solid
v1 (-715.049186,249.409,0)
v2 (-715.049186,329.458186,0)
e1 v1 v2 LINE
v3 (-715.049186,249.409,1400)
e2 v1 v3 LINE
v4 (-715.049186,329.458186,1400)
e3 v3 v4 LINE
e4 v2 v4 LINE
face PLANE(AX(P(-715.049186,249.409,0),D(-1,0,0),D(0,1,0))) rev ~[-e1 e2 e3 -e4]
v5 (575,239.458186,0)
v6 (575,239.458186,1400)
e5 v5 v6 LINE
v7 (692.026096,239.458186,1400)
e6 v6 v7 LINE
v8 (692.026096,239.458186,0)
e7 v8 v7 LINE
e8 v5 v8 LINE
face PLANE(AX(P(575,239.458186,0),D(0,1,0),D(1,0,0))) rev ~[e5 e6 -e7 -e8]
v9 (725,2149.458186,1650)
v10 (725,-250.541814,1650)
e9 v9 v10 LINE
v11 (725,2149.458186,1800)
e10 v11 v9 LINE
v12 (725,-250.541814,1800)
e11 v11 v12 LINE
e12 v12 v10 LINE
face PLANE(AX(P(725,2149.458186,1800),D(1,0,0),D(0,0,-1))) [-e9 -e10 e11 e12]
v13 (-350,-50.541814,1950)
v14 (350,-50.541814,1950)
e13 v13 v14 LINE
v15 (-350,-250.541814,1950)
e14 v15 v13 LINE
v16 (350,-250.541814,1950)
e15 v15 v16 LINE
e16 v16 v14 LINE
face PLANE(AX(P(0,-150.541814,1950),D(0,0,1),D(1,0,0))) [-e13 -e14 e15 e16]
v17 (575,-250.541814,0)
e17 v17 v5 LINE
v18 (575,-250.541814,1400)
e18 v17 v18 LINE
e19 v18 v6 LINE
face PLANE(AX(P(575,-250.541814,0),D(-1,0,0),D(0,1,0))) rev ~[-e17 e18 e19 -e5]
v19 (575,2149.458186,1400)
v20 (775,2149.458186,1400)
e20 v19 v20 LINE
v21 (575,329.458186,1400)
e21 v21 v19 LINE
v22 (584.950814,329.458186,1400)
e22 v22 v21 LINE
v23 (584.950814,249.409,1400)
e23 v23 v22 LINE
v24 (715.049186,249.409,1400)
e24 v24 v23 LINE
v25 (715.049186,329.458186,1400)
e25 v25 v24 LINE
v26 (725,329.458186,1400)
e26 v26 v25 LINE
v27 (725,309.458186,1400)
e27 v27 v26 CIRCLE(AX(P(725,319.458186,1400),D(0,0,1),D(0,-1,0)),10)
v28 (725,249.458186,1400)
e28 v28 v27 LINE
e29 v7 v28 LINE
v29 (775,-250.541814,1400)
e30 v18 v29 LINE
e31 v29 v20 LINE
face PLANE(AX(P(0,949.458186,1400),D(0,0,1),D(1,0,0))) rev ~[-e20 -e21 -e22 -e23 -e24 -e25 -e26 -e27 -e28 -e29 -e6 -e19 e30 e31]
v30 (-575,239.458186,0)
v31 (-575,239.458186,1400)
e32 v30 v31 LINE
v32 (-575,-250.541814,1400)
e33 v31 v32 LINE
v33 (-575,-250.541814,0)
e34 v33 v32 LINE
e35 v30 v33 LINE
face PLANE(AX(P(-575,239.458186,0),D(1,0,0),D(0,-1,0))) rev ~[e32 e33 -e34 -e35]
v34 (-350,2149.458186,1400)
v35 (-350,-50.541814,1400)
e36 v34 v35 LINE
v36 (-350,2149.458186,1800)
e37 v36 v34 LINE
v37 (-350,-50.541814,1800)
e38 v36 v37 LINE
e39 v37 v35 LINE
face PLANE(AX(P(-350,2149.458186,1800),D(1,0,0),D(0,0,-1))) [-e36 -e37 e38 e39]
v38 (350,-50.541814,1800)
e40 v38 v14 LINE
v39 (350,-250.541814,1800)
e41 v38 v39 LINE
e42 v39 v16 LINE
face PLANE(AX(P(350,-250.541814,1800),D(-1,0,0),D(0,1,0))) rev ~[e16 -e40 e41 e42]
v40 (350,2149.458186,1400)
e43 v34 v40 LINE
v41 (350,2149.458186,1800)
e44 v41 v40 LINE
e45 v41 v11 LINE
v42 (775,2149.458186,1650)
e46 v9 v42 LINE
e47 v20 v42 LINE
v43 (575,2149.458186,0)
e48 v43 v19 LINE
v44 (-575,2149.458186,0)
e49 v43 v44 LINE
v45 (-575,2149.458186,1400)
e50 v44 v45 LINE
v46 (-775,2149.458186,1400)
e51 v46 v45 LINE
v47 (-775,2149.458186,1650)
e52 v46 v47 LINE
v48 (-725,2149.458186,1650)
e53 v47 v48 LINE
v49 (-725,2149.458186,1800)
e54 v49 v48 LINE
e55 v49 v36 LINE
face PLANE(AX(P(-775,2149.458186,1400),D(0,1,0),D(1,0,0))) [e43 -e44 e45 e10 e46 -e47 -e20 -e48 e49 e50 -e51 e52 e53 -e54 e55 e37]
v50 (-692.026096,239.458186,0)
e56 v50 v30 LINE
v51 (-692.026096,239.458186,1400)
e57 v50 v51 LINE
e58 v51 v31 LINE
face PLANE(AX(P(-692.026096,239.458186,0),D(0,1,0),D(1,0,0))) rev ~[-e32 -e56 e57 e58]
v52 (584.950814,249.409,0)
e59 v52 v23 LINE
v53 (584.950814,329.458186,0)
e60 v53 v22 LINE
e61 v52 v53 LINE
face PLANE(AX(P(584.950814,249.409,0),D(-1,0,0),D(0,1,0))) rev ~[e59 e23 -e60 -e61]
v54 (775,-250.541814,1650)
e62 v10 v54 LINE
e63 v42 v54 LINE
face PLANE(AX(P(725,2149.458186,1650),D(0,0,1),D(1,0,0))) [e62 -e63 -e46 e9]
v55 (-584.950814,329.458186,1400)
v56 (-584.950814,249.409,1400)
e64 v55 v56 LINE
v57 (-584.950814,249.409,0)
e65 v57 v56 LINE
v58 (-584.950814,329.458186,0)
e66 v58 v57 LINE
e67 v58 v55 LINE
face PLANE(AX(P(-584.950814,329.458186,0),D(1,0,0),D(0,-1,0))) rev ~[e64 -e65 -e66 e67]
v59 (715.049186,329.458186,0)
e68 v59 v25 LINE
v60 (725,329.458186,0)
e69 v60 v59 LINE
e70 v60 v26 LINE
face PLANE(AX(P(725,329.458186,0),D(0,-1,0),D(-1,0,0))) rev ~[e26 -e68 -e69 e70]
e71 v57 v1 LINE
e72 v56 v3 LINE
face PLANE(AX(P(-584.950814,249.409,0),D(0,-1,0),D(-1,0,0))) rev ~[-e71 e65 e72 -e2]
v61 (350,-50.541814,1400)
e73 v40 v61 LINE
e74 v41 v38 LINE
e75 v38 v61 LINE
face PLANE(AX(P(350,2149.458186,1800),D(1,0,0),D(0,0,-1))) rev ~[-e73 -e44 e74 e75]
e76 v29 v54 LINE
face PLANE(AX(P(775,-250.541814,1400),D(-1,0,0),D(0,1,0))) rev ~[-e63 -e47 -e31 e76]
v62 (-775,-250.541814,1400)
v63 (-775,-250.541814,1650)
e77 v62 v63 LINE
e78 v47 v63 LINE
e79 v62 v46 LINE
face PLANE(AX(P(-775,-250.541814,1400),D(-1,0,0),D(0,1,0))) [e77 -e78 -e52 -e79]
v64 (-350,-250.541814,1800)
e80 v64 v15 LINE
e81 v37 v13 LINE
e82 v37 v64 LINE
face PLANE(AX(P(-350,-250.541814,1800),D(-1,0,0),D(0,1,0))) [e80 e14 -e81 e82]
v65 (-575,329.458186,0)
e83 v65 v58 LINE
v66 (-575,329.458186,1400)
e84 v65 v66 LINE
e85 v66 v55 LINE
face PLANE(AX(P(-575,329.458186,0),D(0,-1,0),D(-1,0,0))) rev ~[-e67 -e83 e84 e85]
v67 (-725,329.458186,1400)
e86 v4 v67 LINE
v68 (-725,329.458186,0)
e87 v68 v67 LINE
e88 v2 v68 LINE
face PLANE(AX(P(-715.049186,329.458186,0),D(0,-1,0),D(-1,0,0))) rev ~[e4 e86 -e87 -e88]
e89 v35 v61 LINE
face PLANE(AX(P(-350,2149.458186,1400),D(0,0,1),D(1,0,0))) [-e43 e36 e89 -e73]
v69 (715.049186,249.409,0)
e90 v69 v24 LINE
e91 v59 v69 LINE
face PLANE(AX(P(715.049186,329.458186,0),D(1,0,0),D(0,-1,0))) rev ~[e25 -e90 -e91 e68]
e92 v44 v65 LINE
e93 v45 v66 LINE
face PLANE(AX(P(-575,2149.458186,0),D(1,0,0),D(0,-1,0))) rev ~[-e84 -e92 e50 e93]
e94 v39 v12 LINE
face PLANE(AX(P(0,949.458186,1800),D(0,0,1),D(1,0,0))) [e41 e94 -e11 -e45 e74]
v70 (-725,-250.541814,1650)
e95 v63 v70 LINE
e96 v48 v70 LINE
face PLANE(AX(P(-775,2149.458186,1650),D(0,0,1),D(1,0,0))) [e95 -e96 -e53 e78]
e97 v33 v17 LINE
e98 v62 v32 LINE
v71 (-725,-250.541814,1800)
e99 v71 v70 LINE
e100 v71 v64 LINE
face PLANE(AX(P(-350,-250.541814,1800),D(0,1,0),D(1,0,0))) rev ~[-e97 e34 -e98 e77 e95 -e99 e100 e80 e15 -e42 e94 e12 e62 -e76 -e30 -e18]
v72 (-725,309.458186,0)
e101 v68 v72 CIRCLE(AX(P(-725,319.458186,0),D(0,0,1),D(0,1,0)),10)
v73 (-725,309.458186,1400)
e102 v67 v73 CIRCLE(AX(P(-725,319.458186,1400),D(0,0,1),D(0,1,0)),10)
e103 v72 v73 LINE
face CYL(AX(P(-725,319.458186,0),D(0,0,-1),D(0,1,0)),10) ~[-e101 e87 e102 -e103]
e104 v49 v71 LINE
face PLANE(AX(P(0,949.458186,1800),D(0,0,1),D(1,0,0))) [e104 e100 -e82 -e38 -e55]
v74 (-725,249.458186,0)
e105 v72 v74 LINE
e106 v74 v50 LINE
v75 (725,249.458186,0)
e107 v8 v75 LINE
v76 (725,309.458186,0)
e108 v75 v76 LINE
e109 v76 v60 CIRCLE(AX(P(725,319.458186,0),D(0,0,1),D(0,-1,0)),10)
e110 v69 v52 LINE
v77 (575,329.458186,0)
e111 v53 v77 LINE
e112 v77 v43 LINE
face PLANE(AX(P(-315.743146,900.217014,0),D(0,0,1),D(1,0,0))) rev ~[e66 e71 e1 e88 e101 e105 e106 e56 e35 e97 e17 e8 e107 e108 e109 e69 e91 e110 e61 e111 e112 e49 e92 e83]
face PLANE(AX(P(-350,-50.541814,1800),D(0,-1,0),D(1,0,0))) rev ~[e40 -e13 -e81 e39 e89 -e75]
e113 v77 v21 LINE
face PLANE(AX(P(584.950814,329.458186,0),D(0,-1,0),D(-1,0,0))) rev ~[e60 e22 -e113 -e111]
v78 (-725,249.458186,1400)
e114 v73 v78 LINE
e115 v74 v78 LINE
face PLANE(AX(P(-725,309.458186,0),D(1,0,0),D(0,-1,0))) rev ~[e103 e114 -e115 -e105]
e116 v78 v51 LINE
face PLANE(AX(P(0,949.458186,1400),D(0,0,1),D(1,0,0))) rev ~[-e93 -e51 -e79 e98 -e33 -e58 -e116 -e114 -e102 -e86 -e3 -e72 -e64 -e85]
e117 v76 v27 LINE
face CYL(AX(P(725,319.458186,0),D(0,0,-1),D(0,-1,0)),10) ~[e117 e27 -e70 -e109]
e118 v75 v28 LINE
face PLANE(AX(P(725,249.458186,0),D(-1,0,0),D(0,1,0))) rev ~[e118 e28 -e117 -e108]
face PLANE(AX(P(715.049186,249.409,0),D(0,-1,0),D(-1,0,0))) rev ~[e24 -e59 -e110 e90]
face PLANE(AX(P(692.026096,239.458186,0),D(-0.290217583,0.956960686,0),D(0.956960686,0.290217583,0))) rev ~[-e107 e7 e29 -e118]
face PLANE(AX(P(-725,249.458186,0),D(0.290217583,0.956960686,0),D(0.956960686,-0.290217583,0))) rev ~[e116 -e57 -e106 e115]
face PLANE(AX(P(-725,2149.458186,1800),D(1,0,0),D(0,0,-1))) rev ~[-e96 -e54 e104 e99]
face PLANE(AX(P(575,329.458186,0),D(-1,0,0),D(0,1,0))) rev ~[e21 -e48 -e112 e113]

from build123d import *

# Parameters (mm, degrees)
EXTRUDE_1_DEPTH      = 1400
SKETCH_3_W           = 1550
SKETCH_3_H           = 2400
EXTRUDE_2_DEPTH      = 400
SKETCH_4_W           = 50
SKETCH_4_H           = 150
SKETCH_4_W_2         = 700
SKETCH_4_H_2         = 400
CUT_EXTRUDE_1_DEPTH  = 2401
SKETCH_5_W           = 700
SKETCH_5_H           = 200
EXTRUDE_3_DEPTH      = 150
EXTRUDE_3_DEPTH_BACK = 1800


with BuildPart() as part:
    # 草圖1 → 填料-伸長1 (new body)
    with BuildSketch(Plane.XY):
        with BuildLine():
            ThreePointArc((-725, 329.458185741), (-735, 319.458185741), (-725, 309.458185741))
            Line((-725, 309.458185741), (-725, 249.458185741))
            Line((-725, 249.458185741), (-692.026095563, 239.458185741))
            Line((-692.026095563, 239.458185741), (-575, 239.458185741))
            Line((-575, 239.458185741), (-575, -250.541814259))
            Line((-575, -250.541814259), (0, -250.541814259))
            Line((0, -250.541814259), (0, 2149.458185741))
            Line((0, 2149.458185741), (-575, 2149.458185741))
            Line((-575, 2149.458185741), (-575, 329.458185741))
            Line((-575, 329.458185741), (-584.95081424, 329.458185741))
            Line((-584.95081424, 329.458185741), (-584.95081424, 249.408999982))
            Line((-584.95081424, 249.408999982), (-715.04918576, 249.408999982))
            Line((-715.04918576, 249.408999982), (-715.04918576, 329.458185741))
            Line((-715.04918576, 329.458185741), (-725, 329.458185741))
        make_face()
        with BuildLine():
            Line((0, 2149.458185741), (0, -250.541814259))
            Line((0, -250.541814259), (575, -250.541814259))
            Line((575, -250.541814259), (575, 239.458185741))
            Line((575, 239.458185741), (692.026095563, 239.458185741))
            Line((692.026095563, 239.458185741), (725, 249.458185741))
            Line((725, 249.458185741), (725, 309.458185741))
            ThreePointArc((725, 309.458185741), (735, 319.458185741), (725, 329.458185741))
            Line((725, 329.458185741), (715.04918576, 329.458185741))
            Line((715.04918576, 329.458185741), (715.04918576, 249.408999982))
            Line((715.04918576, 249.408999982), (584.95081424, 249.408999982))
            Line((584.95081424, 249.408999982), (584.95081424, 329.458185741))
            Line((584.95081424, 329.458185741), (575, 329.458185741))
            Line((575, 329.458185741), (575, 2149.458185741))
            Line((575, 2149.458185741), (0, 2149.458185741))
        make_face()
    extrude(amount=EXTRUDE_1_DEPTH)

    # 草圖3 → 填料-伸長2 (add)
    with BuildSketch(Plane.XY.offset(1400)):
        with Locations((0, 949.458185741)):
            Rectangle(SKETCH_3_W, SKETCH_3_H)
    extrude(amount=EXTRUDE_2_DEPTH)

    # 草圖4 → 除料-伸長1 (cut, through all)
    with BuildSketch(Plane(origin=(0, 2149.458185741, 0), x_dir=(1, 0, 0), z_dir=(0, 1, 0))):
        with Locations((-750, -1725)):
            Rectangle(SKETCH_4_W, SKETCH_4_H)
        with Locations((750, -1725)):
            Rectangle(SKETCH_4_W, SKETCH_4_H)
        with Locations((0, -1600)):
            Rectangle(SKETCH_4_W_2, SKETCH_4_H_2)
    extrude(amount=-CUT_EXTRUDE_1_DEPTH, mode=Mode.SUBTRACT)

    # 草圖5 → 填料-伸長3 (add, two sides)
    with BuildSketch(Plane.XY.offset(1800)) as extrude_3_sk:
        with Locations((0, -150.541814259)):
            Rectangle(SKETCH_5_W, SKETCH_5_H)
    extrude(amount=EXTRUDE_3_DEPTH)
    extrude(extrude_3_sk.sketch, amount=-EXTRUDE_3_DEPTH_BACK)


solid = part.part
